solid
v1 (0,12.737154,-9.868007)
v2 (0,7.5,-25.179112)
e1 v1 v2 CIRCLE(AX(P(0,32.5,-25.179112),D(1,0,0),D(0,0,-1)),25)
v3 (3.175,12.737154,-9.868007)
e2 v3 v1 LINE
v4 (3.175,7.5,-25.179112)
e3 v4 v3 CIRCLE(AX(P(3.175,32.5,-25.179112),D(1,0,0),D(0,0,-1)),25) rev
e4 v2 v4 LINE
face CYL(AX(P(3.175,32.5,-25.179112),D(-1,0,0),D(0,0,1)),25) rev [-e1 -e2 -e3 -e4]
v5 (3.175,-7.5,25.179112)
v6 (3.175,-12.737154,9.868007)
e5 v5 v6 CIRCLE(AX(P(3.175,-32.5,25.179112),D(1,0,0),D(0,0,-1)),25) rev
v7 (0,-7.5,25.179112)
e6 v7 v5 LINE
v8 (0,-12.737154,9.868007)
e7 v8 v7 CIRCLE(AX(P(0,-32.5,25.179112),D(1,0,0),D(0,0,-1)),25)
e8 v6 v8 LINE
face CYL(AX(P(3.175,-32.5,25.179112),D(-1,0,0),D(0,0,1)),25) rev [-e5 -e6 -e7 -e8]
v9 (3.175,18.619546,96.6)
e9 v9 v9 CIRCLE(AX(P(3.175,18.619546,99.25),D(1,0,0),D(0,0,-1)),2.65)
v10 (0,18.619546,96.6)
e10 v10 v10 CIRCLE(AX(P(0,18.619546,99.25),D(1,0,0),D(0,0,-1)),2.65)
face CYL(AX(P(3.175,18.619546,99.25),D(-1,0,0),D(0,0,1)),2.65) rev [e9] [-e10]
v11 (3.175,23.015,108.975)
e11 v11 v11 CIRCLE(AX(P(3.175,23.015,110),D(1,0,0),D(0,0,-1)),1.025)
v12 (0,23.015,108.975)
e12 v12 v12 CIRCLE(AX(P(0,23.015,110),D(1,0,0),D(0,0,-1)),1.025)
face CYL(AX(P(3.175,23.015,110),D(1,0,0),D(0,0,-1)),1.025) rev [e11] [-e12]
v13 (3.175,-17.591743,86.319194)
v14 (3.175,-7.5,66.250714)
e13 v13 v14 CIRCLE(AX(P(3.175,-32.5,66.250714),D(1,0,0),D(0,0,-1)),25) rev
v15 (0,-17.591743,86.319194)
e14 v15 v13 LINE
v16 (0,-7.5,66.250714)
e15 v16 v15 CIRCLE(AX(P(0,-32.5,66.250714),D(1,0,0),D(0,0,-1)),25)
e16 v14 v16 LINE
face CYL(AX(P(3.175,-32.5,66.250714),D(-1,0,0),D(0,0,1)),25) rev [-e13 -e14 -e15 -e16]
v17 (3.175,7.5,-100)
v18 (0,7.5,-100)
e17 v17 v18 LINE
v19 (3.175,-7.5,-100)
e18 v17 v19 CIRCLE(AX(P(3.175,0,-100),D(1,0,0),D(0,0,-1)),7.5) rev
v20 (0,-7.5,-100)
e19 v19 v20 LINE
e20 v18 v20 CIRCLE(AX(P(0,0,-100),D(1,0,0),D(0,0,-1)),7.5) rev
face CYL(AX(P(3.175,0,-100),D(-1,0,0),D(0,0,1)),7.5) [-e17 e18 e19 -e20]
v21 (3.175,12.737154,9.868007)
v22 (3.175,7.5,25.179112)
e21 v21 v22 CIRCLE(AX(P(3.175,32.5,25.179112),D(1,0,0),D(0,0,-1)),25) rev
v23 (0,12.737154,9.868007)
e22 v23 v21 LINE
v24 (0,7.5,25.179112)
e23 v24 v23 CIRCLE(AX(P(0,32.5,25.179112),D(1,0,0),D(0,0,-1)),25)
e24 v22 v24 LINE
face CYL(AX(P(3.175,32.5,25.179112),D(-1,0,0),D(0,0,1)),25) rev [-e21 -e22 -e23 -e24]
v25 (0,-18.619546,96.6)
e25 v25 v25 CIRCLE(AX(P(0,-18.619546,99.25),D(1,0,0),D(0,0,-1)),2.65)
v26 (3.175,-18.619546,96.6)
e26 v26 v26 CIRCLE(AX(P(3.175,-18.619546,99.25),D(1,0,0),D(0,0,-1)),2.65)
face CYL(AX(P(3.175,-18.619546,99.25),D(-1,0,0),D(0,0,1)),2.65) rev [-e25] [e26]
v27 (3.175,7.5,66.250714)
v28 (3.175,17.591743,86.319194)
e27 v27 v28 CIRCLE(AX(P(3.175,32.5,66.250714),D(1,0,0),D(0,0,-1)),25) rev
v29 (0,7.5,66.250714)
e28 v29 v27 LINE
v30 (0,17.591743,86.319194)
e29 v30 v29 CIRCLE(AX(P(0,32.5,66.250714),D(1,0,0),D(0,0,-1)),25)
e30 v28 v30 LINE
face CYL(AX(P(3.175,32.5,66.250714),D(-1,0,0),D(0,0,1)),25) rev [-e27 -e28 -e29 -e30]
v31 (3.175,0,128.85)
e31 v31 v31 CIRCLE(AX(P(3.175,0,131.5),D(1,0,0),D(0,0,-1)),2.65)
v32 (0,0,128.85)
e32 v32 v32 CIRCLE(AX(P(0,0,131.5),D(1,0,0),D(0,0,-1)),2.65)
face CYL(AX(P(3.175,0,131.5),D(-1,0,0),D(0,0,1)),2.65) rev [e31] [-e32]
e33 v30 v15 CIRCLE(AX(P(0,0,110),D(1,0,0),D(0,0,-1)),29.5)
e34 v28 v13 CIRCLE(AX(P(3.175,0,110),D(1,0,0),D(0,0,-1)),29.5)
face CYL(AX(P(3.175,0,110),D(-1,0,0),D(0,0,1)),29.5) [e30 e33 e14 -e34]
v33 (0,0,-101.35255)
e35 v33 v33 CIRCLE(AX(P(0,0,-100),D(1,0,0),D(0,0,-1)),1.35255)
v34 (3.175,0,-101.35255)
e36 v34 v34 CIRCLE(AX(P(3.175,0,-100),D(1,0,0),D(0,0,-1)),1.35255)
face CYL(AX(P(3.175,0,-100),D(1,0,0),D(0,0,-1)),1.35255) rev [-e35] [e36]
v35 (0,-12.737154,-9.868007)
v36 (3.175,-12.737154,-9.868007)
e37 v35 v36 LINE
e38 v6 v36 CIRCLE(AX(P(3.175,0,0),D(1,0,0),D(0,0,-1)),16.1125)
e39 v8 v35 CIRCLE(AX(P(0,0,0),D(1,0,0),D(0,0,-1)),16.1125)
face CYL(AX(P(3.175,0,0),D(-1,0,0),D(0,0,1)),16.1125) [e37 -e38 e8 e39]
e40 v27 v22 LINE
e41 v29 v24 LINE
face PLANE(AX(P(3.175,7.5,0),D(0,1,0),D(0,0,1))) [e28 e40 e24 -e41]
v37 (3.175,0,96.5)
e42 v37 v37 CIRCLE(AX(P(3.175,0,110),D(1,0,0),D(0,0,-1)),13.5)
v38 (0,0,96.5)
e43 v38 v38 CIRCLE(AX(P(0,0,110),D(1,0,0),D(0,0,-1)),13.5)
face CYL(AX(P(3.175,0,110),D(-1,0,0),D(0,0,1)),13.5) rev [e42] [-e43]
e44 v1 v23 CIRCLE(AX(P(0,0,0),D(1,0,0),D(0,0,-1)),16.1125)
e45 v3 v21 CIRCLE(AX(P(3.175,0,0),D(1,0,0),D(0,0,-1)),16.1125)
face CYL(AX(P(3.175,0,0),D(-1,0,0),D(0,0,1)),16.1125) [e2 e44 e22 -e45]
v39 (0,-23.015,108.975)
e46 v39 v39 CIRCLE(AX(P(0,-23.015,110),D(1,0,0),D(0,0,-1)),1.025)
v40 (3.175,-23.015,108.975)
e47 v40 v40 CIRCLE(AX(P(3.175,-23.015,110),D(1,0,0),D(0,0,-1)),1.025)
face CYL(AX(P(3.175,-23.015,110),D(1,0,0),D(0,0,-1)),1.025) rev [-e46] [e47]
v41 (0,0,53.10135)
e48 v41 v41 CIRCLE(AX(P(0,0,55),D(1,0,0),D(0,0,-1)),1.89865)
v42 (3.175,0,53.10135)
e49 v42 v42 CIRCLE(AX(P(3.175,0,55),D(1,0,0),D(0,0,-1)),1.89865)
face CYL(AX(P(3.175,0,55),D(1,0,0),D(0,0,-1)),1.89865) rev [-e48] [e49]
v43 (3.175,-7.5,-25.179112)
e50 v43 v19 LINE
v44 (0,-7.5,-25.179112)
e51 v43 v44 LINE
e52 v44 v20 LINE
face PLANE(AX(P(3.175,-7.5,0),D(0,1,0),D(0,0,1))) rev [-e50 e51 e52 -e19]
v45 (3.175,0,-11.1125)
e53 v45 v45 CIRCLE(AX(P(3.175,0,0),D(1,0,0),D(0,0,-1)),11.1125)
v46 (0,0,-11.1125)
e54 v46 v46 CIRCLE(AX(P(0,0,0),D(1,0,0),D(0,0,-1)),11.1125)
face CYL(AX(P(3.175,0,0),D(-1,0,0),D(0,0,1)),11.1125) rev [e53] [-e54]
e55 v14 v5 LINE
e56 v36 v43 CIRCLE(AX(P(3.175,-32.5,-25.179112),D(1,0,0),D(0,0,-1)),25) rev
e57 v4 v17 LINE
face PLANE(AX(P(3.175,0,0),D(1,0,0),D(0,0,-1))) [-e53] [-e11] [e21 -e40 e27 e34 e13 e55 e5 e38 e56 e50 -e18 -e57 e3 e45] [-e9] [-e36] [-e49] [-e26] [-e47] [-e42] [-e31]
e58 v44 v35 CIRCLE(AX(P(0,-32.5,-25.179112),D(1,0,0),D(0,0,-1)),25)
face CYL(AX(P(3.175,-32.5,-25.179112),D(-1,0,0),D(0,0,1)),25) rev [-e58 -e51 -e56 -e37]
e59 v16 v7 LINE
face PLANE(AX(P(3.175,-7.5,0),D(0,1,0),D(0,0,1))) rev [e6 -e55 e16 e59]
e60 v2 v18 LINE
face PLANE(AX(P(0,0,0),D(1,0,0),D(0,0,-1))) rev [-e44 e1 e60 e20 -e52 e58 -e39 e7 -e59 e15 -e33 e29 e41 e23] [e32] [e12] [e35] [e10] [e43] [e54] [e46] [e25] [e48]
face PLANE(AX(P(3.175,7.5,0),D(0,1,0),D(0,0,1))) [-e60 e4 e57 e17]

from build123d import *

# Parameters (mm, degrees)
SKETCH1_R                = 13.5
SKETCH1_R_2              = 2.65
SKETCH1_R_3              = 11.1125
BOSS_EXTRUDE1_DEPTH      = 3.175
M2_5X0_45_TAPPED_HOLE1_D = 2.05
F_6_CLEARANCE_HOLE1_D    = 3.7973
F_6_32_TAPPED_HOLE1_D    = 2.7051
FILLET1_R                = 25


with BuildPart() as part:
    # Sketch1 → Boss-Extrude1 (new body)
    with BuildSketch(Plane(origin=(0, 0, 0), x_dir=(0, 0, -1), z_dir=(1, 0, 0))):
        with BuildLine():
            ThreePointArc((-81.469314765, 7.5), (-139.5, 0), (-81.469314765, -7.5))
            Line((-81.469314765, -7.5), (-14.260527909, -7.5))
            ThreePointArc((-14.260527909, -7.5), (0, -16.1125), (14.260527909, -7.5))
            Line((14.260527909, -7.5), (100, -7.5))
            ThreePointArc((100, -7.5), (107.5, 0), (100, 7.5))
            Line((100, 7.5), (14.260527909, 7.5))
            ThreePointArc((14.260527909, 7.5), (0, 16.1125), (-14.260527909, 7.5))
            Line((-14.260527909, 7.5), (-81.469314765, 7.5))
        make_face()
        with Locations((-110, 0)):
            Circle(SKETCH1_R, mode=Mode.SUBTRACT)
        with Locations((-99.25, -18.619546181)):
            Circle(SKETCH1_R_2, mode=Mode.SUBTRACT)
        with Locations((-131.5, 0)):
            Circle(SKETCH1_R_2, mode=Mode.SUBTRACT)
        with Locations((-99.25, 18.619546181)):
            Circle(SKETCH1_R_2, mode=Mode.SUBTRACT)
        Circle(SKETCH1_R_3, mode=Mode.SUBTRACT)
    extrude(amount=BOSS_EXTRUDE1_DEPTH)

    # M2.5x0.45 Tapped Hole1 (through all)
    with Locations(Plane(origin=(3.175, 0, 0), x_dir=(0, 0, -1), z_dir=(1, 0, 0))):
        with Locations((-110, -23.015), (-110, 23.015)):
            Hole(M2_5X0_45_TAPPED_HOLE1_D / 2)

    # #6 Clearance Hole1 (through all)
    with Locations(Plane(origin=(3.175, 0, 0), x_dir=(0, 0, -1), z_dir=(1, 0, 0))):
        with Locations((-55, 0)):
            Hole(F_6_CLEARANCE_HOLE1_D / 2)

    # #6-32 Tapped Hole1 (through all)
    with Locations(Plane(origin=(3.175, 0, 0), x_dir=(0, 0, -1), z_dir=(1, 0, 0))):
        with Locations((100, 0)):
            Hole(F_6_32_TAPPED_HOLE1_D / 2)

    # Fillet1
    fillet1_edges = [part.edges().sort_by_distance(p)[0] for p in [
        (1.5875, 7.5, 81.469314765),
        (1.5875, 7.5, 14.260527909),
        (1.5875, 7.5, -14.260527909),
        (1.5875, -7.5, -14.260527909),
        (1.5875, -7.5, 14.260527909),
        (1.5875, -7.5, 81.469314765),
    ]]
    fillet(fillet1_edges, radius=FILLET1_R)


solid = part.part
